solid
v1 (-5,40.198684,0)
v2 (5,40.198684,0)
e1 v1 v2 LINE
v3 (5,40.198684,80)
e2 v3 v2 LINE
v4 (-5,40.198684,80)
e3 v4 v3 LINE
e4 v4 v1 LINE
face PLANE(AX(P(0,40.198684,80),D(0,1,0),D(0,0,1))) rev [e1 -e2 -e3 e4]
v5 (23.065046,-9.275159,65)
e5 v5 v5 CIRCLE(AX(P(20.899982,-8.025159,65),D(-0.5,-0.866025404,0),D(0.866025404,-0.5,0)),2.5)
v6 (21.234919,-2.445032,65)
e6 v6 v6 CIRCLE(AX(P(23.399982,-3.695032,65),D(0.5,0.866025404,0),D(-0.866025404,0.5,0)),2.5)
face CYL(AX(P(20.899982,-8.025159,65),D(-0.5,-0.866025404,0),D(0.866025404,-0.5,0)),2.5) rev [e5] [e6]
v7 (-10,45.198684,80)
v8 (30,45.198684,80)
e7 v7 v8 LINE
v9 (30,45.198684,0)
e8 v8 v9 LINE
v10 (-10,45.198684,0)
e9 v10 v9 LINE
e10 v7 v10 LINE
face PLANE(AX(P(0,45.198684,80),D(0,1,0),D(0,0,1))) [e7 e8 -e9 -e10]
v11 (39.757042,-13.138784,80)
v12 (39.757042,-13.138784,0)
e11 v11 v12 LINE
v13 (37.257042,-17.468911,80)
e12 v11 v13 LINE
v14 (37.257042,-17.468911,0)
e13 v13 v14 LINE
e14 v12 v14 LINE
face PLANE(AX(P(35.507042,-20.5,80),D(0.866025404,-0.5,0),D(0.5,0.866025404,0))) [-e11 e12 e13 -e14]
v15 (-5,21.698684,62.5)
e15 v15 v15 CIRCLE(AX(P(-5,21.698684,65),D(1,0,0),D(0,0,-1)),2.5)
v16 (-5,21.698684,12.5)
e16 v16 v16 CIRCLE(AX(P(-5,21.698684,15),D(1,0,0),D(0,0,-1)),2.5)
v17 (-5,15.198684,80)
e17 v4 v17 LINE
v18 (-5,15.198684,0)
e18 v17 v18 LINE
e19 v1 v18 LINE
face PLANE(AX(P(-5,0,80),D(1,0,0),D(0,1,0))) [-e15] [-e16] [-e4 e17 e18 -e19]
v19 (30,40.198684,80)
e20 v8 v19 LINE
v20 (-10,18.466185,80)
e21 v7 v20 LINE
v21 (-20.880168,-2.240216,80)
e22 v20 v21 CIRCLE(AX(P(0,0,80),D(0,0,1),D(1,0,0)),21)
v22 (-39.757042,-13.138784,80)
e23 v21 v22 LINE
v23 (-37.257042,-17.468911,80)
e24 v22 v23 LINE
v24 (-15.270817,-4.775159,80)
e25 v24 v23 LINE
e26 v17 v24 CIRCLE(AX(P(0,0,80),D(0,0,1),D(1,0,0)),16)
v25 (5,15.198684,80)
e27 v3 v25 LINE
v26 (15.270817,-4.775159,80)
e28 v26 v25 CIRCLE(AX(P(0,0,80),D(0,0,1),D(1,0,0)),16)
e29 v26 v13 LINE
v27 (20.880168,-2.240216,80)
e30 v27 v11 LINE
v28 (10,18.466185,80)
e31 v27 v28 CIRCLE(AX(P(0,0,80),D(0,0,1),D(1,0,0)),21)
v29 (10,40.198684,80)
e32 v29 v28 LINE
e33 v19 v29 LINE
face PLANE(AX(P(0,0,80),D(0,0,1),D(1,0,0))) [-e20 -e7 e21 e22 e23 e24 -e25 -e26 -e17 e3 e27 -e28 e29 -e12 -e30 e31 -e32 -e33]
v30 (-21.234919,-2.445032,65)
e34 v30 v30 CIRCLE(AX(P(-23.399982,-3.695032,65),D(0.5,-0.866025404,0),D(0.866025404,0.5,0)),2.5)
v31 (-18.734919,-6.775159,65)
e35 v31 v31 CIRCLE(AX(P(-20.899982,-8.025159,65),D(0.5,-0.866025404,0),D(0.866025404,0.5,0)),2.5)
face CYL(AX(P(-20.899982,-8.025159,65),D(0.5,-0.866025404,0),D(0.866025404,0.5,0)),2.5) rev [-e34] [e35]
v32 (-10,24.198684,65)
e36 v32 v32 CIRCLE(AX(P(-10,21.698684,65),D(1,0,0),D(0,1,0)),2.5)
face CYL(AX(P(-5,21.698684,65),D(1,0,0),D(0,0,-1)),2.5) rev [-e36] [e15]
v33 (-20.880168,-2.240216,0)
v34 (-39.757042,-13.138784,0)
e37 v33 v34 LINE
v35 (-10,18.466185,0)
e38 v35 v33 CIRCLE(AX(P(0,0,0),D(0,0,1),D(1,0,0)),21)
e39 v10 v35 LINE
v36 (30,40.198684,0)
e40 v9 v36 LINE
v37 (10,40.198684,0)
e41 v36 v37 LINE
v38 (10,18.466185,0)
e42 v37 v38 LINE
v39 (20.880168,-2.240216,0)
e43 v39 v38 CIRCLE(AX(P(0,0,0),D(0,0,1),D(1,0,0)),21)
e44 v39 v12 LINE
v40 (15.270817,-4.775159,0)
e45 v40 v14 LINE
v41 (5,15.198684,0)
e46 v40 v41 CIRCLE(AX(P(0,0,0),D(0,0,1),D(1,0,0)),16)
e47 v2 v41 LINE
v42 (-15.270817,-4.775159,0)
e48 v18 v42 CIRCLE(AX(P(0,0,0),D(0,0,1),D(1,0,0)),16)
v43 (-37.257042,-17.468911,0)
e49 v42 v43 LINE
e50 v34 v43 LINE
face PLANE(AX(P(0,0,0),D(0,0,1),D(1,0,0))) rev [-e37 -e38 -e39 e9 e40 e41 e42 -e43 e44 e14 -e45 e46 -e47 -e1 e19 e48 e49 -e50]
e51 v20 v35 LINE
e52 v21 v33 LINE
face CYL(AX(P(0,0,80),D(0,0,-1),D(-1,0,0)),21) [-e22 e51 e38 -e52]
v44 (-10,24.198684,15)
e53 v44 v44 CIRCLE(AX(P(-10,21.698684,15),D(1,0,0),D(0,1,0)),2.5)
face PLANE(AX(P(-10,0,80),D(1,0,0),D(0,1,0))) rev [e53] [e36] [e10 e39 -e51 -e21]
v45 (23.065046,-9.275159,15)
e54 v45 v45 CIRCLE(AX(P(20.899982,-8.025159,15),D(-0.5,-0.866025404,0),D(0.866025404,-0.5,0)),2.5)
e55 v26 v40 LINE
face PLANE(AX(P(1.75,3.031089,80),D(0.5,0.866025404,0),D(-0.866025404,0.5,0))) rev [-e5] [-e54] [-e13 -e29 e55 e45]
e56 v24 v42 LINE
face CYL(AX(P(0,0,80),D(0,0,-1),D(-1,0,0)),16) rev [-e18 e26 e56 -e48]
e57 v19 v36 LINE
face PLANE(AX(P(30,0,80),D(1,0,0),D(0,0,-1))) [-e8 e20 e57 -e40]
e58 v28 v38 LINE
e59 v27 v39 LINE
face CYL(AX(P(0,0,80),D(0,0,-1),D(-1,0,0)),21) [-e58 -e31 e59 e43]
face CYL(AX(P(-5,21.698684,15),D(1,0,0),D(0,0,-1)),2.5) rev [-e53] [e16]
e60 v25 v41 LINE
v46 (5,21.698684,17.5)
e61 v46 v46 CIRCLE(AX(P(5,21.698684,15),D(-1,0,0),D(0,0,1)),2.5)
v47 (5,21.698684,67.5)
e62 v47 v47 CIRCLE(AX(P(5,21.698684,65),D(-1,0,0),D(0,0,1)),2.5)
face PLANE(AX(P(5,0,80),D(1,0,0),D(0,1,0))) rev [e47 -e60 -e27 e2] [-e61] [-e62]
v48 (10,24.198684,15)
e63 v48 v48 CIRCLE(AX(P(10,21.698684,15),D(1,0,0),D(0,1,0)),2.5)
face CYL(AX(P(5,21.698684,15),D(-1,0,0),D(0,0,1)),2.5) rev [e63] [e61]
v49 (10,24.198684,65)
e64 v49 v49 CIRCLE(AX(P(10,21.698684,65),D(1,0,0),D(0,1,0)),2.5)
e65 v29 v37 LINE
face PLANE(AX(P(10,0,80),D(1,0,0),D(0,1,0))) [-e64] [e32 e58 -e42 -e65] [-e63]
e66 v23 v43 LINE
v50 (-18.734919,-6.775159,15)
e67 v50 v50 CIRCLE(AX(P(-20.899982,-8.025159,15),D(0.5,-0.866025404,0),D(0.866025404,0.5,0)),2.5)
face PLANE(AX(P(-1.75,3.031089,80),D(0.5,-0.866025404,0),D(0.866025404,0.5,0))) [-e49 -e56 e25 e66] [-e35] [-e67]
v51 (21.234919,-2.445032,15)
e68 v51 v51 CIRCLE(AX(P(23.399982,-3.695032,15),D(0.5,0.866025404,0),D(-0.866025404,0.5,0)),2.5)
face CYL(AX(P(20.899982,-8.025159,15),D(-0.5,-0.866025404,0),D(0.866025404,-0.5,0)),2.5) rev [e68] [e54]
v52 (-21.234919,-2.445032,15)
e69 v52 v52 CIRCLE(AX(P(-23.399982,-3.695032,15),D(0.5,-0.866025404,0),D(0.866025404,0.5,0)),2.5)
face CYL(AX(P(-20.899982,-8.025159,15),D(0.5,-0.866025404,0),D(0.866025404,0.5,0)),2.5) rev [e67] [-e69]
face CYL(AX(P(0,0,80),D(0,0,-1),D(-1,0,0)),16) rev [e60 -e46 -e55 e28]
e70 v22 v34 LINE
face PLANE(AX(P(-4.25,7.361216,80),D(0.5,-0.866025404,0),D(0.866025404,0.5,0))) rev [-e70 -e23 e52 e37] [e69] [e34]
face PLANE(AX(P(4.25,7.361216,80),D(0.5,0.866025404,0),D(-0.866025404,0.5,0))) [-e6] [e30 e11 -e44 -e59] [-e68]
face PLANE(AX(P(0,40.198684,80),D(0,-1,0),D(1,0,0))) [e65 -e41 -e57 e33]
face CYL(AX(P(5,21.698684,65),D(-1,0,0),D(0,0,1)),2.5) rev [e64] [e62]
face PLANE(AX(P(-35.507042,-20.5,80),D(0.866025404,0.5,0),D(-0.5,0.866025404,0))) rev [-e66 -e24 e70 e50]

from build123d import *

# Parameters (mm, degrees)
BOSS_EXTRUDE1_DEPTH            = 80
F_5_0MM_DOWEL_HOLE1_AT_2_COUNT = 2
F_5_0MM_DOWEL_HOLE1_AT_2_PITCH = 50
SKETCH5_W                      = 2.5
SKETCH5_H                      = 34.757041555
F_5_0MM_DOWEL_HOLE2_AT_2_COUNT = 2
F_5_0MM_DOWEL_HOLE2_AT_2_PITCH = 50
MIRROR2_COPY_1_SKETCH_W        = 2.5
MIRROR2_COPY_1_SKETCH_H        = 34.757041555


with BuildPart() as part:
    # Sketch1 → Boss-Extrude1 (new body)
    with BuildSketch(Plane.XY):
        with BuildLine():
            Line((-5, 15.198684154), (-5, 40.198684154))
            Line((-5, 40.198684154), (5, 40.198684154))
            Line((5, 40.198684154), (5, 15.198684154))
            ThreePointArc((5, 15.198684154), (14.229023395, 7.316754283), (15.270817283, -4.775158585))
            Line((15.270817283, -4.775158585), (37.257041555, -17.468911087))
            Line((37.257041555, -17.468911087), (39.757041555, -13.138784068))
            Line((39.757041555, -13.138784068), (20.88016837, -2.240216253))
            ThreePointArc((20.88016837, -2.240216253), (18.589915709, 9.768061933), (10, 18.466185313))
            Line((10, 18.466185313), (10, 40.198684154))
            Line((10, 40.198684154), (30, 40.198684154))
            Line((30, 40.198684154), (30, 45.198684154))
            Line((30, 45.198684154), (-10, 45.198684154))
            Line((-10, 45.198684154), (-10, 18.466185313))
            ThreePointArc((-10, 18.466185313), (-18.589915709, 9.768061933), (-20.88016837, -2.240216253))
            Line((-20.88016837, -2.240216253), (-39.757041555, -13.138784068))
            Line((-39.757041555, -13.138784068), (-37.257041555, -17.468911087))
            Line((-37.257041555, -17.468911087), (-15.270817283, -4.775158585))
            ThreePointArc((-15.270817283, -4.775158585), (-14.229023395, 7.316754283), (-5, 15.198684154))
        make_face()
    extrude(amount=BOSS_EXTRUDE1_DEPTH)

    # Sketch3 → Ø5.0mm Dowel Hole1 (revolve, cut)
    with BuildSketch(Plane(origin=(20.899982408, -8.025158585, 65), x_dir=(0.866025403784438, -0.5000000000000012, 0), z_dir=(0, 0, 1))):
        Polygon((0, 0), (0, 11.502151548), (2.5, 10), (2.5, 0), align=None)
    f_5_0mm_dowel_hole1 = revolve(axis=Axis((17.724982408, -13.524419899, 65), (0.5000000000000012, 0.8660254037844379, 0)), mode=Mode.SUBTRACT)

    # Ø5.0mm Dowel Hole1 at 2: Ø5.0mm Dowel Hole1 ×2
    with Locations(*[(0, 0, -i * F_5_0MM_DOWEL_HOLE1_AT_2_PITCH) for i in range(1, F_5_0MM_DOWEL_HOLE1_AT_2_COUNT)]):
        add(f_5_0mm_dowel_hole1, mode=Mode.SUBTRACT)

    # Mirror1: Ø5.0mm Dowel Hole1 across plane
    add(f_5_0mm_dowel_hole1.mirror(Plane(origin=(0, 0, 0), x_dir=(0, 0, 1), z_dir=(1, 0, 0))), mode=Mode.SUBTRACT)

    # Mirror1 copy 1 sketch → Mirror1 copy 1 (revolve, cut)
    with BuildSketch(Plane(origin=(-20.899982408, -8.025158585, 15), x_dir=(-0.866025403784438, -0.5000000000000012, 0), z_dir=(0, 0, 1))):
        Polygon((0, 0), (0, -11.502151548), (2.5, -10), (2.5, 0), align=None)
    revolve(axis=Axis((-17.724982408, -13.524419899, 15), (0.5000000000000012, -0.8660254037844379, 0)), mode=Mode.SUBTRACT)

    # Sketch5 → Ø5.0mm Dowel Hole2 (revolve, cut)
    with BuildSketch(Plane(origin=(-5, 21.698684154, 15), x_dir=(0, 0, -1), z_dir=(0, 1, 0))):
        with Locations((1.25, 17.378520778)):
            Rectangle(SKETCH5_W, SKETCH5_H)
    f_5_0mm_dowel_hole2 = revolve(axis=Axis((1.35, 21.698684154, 15), (-1, 0, 0)), mode=Mode.SUBTRACT)

    # Ø5.0mm Dowel Hole2 at 2: Ø5.0mm Dowel Hole2 ×2
    with Locations(*[(0, 0, i * F_5_0MM_DOWEL_HOLE2_AT_2_PITCH) for i in range(1, F_5_0MM_DOWEL_HOLE2_AT_2_COUNT)]):
        add(f_5_0mm_dowel_hole2, mode=Mode.SUBTRACT)

    # Mirror2: Ø5.0mm Dowel Hole2 across plane
    add(f_5_0mm_dowel_hole2.mirror(Plane(origin=(0, 0, 0), x_dir=(0, 0, 1), z_dir=(1, 0, 0))), mode=Mode.SUBTRACT)

    # Mirror2 copy 1 sketch → Mirror2 copy 1 (revolve, cut)
    with BuildSketch(Plane(origin=(5, 21.698684154, 65), x_dir=(0, 0, -1), z_dir=(0, 1, 0))):
        with Locations((1.25, -17.378520778)):
            Rectangle(MIRROR2_COPY_1_SKETCH_W, MIRROR2_COPY_1_SKETCH_H)
    revolve(axis=Axis((-1.35, 21.698684154, 65), (-1, 0, 0)), mode=Mode.SUBTRACT)


solid = part.part
